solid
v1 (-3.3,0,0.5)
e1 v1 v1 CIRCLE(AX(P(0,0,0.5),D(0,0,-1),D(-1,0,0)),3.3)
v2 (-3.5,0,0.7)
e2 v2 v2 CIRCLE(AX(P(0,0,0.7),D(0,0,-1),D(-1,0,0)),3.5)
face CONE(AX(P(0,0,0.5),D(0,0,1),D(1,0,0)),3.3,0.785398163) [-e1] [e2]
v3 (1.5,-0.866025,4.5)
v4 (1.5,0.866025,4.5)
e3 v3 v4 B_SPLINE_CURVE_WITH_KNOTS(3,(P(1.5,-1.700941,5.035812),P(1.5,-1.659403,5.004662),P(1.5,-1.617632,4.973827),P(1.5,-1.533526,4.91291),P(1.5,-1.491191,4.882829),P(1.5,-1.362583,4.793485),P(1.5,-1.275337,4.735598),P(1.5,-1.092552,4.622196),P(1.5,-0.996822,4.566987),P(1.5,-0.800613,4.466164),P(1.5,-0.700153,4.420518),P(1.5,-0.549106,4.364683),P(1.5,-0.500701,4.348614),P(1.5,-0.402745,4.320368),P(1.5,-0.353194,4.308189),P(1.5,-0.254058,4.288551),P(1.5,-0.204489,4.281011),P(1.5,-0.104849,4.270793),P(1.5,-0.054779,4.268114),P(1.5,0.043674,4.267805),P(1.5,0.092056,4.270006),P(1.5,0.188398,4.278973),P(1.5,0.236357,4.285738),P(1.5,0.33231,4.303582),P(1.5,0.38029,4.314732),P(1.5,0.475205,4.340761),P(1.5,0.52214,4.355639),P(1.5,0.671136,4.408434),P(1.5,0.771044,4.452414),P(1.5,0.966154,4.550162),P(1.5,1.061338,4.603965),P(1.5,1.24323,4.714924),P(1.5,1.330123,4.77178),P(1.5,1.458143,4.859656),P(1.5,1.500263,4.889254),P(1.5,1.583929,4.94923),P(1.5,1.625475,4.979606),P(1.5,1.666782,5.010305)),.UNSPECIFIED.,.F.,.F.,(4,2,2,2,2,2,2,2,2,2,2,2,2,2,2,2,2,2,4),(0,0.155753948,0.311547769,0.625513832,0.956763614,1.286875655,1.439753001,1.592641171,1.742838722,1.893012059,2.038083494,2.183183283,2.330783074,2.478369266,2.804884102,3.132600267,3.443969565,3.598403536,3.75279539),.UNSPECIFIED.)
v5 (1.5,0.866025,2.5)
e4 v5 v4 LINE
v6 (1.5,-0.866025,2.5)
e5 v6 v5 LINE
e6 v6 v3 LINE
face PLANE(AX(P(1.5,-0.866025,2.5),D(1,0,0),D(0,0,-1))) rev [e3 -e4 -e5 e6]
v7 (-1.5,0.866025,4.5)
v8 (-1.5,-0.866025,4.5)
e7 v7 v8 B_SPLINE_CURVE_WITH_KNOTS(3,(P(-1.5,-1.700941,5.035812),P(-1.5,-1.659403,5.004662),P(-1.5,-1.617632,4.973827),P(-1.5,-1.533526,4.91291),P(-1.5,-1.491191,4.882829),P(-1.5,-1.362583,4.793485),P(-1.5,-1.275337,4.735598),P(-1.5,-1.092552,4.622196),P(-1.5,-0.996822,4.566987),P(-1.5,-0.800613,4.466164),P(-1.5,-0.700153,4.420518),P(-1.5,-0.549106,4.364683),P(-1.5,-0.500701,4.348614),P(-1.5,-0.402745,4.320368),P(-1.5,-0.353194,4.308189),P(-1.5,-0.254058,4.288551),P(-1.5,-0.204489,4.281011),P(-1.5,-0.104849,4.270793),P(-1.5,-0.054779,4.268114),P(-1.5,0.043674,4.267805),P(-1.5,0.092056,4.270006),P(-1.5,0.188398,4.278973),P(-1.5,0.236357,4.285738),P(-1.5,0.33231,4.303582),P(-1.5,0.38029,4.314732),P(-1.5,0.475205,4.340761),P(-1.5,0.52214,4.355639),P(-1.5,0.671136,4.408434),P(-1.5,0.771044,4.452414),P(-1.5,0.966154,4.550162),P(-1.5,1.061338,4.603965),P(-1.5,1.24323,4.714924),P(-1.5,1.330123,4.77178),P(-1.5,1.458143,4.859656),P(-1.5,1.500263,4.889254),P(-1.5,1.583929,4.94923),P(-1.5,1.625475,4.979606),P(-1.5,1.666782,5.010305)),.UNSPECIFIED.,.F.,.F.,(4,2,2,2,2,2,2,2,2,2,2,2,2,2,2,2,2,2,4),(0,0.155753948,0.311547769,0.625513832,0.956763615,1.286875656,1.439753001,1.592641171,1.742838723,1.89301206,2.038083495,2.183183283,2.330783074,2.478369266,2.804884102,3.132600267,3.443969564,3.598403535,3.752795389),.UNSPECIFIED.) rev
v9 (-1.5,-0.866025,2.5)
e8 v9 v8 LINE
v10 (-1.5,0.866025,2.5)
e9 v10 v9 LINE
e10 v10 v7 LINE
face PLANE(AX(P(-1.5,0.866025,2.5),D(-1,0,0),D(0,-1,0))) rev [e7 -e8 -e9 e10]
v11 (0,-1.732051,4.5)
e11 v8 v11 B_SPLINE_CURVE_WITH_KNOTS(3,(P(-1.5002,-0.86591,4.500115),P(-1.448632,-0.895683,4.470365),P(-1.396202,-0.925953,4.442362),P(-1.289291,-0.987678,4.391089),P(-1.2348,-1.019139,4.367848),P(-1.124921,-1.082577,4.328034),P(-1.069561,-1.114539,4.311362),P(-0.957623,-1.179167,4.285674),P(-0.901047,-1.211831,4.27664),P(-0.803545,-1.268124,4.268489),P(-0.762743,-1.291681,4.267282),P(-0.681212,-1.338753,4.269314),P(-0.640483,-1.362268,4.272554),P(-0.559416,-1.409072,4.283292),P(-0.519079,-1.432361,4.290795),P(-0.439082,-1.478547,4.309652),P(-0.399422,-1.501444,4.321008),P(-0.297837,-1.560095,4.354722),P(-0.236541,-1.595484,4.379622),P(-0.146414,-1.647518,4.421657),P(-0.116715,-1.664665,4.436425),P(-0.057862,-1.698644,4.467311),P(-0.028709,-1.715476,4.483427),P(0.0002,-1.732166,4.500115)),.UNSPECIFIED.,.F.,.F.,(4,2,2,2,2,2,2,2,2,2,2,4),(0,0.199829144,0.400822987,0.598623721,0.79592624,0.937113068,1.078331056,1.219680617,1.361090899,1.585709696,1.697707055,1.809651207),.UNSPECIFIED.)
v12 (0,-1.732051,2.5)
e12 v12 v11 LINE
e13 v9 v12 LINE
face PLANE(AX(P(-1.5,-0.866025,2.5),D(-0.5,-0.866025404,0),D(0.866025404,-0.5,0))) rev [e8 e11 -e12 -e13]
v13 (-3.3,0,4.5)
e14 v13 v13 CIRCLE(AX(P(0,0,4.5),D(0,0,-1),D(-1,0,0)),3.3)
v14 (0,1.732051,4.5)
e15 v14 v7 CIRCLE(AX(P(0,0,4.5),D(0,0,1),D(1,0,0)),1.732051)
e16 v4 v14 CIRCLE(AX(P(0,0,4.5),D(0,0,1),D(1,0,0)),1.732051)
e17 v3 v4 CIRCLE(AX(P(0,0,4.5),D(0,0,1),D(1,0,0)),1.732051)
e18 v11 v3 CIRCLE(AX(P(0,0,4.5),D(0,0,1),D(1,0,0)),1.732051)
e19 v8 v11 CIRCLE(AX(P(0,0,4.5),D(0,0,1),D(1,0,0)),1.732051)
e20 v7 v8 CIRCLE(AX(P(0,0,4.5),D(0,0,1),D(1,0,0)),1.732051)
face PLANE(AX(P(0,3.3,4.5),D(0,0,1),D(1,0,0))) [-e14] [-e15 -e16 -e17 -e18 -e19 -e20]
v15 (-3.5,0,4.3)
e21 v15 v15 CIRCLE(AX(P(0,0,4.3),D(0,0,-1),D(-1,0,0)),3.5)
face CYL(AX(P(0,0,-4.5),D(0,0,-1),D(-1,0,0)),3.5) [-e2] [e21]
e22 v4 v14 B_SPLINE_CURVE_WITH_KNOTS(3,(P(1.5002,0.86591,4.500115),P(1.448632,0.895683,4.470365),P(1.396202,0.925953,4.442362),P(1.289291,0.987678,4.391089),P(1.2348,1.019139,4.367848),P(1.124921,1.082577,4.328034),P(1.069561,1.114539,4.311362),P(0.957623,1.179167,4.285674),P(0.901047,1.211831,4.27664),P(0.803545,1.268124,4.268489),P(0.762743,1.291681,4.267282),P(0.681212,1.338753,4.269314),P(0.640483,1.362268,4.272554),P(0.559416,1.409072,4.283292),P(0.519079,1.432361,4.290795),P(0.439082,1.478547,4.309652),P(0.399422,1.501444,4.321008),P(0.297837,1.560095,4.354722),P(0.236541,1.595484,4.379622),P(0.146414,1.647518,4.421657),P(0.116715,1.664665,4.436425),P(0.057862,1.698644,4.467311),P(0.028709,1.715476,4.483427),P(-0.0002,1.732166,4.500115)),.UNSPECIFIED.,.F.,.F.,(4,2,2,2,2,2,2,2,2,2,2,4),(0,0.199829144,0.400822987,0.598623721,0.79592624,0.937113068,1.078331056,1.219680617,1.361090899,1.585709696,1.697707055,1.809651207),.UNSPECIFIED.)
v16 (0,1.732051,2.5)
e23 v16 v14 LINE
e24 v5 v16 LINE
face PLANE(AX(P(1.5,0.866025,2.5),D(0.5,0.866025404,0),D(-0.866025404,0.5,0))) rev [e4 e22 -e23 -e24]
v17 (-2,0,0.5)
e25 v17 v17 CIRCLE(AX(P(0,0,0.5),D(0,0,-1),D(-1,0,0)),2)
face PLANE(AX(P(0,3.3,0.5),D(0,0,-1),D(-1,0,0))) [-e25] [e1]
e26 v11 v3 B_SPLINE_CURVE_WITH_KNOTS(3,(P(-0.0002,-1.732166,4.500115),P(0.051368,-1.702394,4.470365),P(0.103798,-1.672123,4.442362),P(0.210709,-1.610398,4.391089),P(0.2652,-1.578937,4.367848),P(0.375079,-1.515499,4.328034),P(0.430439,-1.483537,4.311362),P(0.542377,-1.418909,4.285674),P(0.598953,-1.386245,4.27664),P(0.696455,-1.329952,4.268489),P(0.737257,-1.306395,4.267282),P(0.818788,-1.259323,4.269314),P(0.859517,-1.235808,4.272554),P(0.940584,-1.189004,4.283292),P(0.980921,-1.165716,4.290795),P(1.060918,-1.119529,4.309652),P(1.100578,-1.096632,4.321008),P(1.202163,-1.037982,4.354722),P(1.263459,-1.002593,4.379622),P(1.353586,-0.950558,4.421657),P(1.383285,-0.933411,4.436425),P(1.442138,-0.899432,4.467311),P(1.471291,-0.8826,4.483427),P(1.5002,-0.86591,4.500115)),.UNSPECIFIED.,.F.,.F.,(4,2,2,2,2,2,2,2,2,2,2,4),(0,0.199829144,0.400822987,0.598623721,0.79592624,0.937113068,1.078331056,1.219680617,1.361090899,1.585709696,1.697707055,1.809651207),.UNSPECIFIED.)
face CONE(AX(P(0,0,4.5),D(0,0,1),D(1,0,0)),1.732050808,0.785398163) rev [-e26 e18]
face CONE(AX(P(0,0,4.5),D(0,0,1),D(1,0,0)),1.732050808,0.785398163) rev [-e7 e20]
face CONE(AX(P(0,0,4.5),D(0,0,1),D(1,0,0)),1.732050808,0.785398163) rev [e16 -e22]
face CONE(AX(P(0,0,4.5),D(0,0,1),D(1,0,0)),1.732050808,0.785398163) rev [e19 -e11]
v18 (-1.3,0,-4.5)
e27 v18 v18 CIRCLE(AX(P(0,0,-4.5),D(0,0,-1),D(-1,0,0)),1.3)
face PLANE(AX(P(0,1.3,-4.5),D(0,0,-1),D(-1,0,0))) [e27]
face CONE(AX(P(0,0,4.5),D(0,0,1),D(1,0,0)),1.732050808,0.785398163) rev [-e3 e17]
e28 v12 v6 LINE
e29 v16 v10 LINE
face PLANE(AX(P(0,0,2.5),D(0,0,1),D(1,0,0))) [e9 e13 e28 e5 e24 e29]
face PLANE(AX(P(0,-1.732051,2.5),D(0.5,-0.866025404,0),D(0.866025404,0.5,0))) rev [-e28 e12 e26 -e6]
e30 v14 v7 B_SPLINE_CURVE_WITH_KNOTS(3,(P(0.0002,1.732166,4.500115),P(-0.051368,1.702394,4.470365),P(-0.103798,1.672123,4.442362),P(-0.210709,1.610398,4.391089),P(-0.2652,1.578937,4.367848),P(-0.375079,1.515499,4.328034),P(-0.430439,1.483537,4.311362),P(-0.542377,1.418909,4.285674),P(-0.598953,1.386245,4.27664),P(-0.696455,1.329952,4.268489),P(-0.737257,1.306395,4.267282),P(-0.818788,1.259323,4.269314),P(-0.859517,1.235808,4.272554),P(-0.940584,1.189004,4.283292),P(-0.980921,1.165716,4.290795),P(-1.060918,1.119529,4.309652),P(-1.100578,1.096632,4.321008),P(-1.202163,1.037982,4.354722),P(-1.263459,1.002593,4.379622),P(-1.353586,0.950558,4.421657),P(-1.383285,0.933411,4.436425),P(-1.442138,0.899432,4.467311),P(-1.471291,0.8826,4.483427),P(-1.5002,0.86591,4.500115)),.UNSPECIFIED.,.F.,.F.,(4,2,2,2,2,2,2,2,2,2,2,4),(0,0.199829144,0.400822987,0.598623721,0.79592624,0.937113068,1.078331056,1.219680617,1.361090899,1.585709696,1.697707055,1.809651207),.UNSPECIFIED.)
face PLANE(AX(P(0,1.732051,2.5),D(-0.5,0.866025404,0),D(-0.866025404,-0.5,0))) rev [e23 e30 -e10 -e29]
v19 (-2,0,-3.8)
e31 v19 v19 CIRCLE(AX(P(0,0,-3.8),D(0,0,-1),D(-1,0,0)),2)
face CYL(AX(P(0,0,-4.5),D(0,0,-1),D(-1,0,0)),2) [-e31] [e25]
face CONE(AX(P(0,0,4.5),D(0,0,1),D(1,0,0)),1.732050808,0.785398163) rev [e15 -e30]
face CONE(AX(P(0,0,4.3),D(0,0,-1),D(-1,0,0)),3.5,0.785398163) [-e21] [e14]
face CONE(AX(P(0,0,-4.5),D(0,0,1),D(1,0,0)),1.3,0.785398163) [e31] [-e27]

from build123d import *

# Parameters (mm, degrees)
CUT_EXTRUDE1_START = -2
CUT_EXTRUDE1_DEPTH = 2
SKETCH4_R          = 1.732050808
CUT_EXTRUDE2_DEPTH = 0.5
CUT_EXTRUDE2_TAPER = 45


with BuildPart() as part:
    # Sketch2 → Revolve1 (revolve)
    with BuildSketch(Plane(origin=(0, 0, 0), x_dir=(0, 0, -1), z_dir=(1, 0, 0))):
        Polygon((-4.3, 3.5), (-0.7, 3.5), (-0.5, 3.3), (-0.5, 2), (3.8, 2), (4.5, 1.3), (4.5, 0), (-4.5, 0), (-4.5, 3.3), align=None)
    revolve(axis=Axis((0, 0, -4.5), (0, 0, 1)))

    # Sketch3 → Cut-Extrude1 (cut)
    with BuildSketch(Plane.XY.offset(4.5).offset(CUT_EXTRUDE1_START)):
        Polygon((0, 1.732050808), (-1.5, 0.866025404), (-1.5, -0.866025404), (0, -1.732050808), (1.5, -0.866025404), (1.5, 0.866025404), align=None)
    extrude(amount=CUT_EXTRUDE1_DEPTH, mode=Mode.SUBTRACT)

    # Sketch4 → Cut-Extrude2 (cut)
    with BuildSketch(Plane.XY.offset(4.5)):
        Circle(SKETCH4_R)
    extrude(amount=-CUT_EXTRUDE2_DEPTH, taper=CUT_EXTRUDE2_TAPER, mode=Mode.SUBTRACT)


solid = part.part
